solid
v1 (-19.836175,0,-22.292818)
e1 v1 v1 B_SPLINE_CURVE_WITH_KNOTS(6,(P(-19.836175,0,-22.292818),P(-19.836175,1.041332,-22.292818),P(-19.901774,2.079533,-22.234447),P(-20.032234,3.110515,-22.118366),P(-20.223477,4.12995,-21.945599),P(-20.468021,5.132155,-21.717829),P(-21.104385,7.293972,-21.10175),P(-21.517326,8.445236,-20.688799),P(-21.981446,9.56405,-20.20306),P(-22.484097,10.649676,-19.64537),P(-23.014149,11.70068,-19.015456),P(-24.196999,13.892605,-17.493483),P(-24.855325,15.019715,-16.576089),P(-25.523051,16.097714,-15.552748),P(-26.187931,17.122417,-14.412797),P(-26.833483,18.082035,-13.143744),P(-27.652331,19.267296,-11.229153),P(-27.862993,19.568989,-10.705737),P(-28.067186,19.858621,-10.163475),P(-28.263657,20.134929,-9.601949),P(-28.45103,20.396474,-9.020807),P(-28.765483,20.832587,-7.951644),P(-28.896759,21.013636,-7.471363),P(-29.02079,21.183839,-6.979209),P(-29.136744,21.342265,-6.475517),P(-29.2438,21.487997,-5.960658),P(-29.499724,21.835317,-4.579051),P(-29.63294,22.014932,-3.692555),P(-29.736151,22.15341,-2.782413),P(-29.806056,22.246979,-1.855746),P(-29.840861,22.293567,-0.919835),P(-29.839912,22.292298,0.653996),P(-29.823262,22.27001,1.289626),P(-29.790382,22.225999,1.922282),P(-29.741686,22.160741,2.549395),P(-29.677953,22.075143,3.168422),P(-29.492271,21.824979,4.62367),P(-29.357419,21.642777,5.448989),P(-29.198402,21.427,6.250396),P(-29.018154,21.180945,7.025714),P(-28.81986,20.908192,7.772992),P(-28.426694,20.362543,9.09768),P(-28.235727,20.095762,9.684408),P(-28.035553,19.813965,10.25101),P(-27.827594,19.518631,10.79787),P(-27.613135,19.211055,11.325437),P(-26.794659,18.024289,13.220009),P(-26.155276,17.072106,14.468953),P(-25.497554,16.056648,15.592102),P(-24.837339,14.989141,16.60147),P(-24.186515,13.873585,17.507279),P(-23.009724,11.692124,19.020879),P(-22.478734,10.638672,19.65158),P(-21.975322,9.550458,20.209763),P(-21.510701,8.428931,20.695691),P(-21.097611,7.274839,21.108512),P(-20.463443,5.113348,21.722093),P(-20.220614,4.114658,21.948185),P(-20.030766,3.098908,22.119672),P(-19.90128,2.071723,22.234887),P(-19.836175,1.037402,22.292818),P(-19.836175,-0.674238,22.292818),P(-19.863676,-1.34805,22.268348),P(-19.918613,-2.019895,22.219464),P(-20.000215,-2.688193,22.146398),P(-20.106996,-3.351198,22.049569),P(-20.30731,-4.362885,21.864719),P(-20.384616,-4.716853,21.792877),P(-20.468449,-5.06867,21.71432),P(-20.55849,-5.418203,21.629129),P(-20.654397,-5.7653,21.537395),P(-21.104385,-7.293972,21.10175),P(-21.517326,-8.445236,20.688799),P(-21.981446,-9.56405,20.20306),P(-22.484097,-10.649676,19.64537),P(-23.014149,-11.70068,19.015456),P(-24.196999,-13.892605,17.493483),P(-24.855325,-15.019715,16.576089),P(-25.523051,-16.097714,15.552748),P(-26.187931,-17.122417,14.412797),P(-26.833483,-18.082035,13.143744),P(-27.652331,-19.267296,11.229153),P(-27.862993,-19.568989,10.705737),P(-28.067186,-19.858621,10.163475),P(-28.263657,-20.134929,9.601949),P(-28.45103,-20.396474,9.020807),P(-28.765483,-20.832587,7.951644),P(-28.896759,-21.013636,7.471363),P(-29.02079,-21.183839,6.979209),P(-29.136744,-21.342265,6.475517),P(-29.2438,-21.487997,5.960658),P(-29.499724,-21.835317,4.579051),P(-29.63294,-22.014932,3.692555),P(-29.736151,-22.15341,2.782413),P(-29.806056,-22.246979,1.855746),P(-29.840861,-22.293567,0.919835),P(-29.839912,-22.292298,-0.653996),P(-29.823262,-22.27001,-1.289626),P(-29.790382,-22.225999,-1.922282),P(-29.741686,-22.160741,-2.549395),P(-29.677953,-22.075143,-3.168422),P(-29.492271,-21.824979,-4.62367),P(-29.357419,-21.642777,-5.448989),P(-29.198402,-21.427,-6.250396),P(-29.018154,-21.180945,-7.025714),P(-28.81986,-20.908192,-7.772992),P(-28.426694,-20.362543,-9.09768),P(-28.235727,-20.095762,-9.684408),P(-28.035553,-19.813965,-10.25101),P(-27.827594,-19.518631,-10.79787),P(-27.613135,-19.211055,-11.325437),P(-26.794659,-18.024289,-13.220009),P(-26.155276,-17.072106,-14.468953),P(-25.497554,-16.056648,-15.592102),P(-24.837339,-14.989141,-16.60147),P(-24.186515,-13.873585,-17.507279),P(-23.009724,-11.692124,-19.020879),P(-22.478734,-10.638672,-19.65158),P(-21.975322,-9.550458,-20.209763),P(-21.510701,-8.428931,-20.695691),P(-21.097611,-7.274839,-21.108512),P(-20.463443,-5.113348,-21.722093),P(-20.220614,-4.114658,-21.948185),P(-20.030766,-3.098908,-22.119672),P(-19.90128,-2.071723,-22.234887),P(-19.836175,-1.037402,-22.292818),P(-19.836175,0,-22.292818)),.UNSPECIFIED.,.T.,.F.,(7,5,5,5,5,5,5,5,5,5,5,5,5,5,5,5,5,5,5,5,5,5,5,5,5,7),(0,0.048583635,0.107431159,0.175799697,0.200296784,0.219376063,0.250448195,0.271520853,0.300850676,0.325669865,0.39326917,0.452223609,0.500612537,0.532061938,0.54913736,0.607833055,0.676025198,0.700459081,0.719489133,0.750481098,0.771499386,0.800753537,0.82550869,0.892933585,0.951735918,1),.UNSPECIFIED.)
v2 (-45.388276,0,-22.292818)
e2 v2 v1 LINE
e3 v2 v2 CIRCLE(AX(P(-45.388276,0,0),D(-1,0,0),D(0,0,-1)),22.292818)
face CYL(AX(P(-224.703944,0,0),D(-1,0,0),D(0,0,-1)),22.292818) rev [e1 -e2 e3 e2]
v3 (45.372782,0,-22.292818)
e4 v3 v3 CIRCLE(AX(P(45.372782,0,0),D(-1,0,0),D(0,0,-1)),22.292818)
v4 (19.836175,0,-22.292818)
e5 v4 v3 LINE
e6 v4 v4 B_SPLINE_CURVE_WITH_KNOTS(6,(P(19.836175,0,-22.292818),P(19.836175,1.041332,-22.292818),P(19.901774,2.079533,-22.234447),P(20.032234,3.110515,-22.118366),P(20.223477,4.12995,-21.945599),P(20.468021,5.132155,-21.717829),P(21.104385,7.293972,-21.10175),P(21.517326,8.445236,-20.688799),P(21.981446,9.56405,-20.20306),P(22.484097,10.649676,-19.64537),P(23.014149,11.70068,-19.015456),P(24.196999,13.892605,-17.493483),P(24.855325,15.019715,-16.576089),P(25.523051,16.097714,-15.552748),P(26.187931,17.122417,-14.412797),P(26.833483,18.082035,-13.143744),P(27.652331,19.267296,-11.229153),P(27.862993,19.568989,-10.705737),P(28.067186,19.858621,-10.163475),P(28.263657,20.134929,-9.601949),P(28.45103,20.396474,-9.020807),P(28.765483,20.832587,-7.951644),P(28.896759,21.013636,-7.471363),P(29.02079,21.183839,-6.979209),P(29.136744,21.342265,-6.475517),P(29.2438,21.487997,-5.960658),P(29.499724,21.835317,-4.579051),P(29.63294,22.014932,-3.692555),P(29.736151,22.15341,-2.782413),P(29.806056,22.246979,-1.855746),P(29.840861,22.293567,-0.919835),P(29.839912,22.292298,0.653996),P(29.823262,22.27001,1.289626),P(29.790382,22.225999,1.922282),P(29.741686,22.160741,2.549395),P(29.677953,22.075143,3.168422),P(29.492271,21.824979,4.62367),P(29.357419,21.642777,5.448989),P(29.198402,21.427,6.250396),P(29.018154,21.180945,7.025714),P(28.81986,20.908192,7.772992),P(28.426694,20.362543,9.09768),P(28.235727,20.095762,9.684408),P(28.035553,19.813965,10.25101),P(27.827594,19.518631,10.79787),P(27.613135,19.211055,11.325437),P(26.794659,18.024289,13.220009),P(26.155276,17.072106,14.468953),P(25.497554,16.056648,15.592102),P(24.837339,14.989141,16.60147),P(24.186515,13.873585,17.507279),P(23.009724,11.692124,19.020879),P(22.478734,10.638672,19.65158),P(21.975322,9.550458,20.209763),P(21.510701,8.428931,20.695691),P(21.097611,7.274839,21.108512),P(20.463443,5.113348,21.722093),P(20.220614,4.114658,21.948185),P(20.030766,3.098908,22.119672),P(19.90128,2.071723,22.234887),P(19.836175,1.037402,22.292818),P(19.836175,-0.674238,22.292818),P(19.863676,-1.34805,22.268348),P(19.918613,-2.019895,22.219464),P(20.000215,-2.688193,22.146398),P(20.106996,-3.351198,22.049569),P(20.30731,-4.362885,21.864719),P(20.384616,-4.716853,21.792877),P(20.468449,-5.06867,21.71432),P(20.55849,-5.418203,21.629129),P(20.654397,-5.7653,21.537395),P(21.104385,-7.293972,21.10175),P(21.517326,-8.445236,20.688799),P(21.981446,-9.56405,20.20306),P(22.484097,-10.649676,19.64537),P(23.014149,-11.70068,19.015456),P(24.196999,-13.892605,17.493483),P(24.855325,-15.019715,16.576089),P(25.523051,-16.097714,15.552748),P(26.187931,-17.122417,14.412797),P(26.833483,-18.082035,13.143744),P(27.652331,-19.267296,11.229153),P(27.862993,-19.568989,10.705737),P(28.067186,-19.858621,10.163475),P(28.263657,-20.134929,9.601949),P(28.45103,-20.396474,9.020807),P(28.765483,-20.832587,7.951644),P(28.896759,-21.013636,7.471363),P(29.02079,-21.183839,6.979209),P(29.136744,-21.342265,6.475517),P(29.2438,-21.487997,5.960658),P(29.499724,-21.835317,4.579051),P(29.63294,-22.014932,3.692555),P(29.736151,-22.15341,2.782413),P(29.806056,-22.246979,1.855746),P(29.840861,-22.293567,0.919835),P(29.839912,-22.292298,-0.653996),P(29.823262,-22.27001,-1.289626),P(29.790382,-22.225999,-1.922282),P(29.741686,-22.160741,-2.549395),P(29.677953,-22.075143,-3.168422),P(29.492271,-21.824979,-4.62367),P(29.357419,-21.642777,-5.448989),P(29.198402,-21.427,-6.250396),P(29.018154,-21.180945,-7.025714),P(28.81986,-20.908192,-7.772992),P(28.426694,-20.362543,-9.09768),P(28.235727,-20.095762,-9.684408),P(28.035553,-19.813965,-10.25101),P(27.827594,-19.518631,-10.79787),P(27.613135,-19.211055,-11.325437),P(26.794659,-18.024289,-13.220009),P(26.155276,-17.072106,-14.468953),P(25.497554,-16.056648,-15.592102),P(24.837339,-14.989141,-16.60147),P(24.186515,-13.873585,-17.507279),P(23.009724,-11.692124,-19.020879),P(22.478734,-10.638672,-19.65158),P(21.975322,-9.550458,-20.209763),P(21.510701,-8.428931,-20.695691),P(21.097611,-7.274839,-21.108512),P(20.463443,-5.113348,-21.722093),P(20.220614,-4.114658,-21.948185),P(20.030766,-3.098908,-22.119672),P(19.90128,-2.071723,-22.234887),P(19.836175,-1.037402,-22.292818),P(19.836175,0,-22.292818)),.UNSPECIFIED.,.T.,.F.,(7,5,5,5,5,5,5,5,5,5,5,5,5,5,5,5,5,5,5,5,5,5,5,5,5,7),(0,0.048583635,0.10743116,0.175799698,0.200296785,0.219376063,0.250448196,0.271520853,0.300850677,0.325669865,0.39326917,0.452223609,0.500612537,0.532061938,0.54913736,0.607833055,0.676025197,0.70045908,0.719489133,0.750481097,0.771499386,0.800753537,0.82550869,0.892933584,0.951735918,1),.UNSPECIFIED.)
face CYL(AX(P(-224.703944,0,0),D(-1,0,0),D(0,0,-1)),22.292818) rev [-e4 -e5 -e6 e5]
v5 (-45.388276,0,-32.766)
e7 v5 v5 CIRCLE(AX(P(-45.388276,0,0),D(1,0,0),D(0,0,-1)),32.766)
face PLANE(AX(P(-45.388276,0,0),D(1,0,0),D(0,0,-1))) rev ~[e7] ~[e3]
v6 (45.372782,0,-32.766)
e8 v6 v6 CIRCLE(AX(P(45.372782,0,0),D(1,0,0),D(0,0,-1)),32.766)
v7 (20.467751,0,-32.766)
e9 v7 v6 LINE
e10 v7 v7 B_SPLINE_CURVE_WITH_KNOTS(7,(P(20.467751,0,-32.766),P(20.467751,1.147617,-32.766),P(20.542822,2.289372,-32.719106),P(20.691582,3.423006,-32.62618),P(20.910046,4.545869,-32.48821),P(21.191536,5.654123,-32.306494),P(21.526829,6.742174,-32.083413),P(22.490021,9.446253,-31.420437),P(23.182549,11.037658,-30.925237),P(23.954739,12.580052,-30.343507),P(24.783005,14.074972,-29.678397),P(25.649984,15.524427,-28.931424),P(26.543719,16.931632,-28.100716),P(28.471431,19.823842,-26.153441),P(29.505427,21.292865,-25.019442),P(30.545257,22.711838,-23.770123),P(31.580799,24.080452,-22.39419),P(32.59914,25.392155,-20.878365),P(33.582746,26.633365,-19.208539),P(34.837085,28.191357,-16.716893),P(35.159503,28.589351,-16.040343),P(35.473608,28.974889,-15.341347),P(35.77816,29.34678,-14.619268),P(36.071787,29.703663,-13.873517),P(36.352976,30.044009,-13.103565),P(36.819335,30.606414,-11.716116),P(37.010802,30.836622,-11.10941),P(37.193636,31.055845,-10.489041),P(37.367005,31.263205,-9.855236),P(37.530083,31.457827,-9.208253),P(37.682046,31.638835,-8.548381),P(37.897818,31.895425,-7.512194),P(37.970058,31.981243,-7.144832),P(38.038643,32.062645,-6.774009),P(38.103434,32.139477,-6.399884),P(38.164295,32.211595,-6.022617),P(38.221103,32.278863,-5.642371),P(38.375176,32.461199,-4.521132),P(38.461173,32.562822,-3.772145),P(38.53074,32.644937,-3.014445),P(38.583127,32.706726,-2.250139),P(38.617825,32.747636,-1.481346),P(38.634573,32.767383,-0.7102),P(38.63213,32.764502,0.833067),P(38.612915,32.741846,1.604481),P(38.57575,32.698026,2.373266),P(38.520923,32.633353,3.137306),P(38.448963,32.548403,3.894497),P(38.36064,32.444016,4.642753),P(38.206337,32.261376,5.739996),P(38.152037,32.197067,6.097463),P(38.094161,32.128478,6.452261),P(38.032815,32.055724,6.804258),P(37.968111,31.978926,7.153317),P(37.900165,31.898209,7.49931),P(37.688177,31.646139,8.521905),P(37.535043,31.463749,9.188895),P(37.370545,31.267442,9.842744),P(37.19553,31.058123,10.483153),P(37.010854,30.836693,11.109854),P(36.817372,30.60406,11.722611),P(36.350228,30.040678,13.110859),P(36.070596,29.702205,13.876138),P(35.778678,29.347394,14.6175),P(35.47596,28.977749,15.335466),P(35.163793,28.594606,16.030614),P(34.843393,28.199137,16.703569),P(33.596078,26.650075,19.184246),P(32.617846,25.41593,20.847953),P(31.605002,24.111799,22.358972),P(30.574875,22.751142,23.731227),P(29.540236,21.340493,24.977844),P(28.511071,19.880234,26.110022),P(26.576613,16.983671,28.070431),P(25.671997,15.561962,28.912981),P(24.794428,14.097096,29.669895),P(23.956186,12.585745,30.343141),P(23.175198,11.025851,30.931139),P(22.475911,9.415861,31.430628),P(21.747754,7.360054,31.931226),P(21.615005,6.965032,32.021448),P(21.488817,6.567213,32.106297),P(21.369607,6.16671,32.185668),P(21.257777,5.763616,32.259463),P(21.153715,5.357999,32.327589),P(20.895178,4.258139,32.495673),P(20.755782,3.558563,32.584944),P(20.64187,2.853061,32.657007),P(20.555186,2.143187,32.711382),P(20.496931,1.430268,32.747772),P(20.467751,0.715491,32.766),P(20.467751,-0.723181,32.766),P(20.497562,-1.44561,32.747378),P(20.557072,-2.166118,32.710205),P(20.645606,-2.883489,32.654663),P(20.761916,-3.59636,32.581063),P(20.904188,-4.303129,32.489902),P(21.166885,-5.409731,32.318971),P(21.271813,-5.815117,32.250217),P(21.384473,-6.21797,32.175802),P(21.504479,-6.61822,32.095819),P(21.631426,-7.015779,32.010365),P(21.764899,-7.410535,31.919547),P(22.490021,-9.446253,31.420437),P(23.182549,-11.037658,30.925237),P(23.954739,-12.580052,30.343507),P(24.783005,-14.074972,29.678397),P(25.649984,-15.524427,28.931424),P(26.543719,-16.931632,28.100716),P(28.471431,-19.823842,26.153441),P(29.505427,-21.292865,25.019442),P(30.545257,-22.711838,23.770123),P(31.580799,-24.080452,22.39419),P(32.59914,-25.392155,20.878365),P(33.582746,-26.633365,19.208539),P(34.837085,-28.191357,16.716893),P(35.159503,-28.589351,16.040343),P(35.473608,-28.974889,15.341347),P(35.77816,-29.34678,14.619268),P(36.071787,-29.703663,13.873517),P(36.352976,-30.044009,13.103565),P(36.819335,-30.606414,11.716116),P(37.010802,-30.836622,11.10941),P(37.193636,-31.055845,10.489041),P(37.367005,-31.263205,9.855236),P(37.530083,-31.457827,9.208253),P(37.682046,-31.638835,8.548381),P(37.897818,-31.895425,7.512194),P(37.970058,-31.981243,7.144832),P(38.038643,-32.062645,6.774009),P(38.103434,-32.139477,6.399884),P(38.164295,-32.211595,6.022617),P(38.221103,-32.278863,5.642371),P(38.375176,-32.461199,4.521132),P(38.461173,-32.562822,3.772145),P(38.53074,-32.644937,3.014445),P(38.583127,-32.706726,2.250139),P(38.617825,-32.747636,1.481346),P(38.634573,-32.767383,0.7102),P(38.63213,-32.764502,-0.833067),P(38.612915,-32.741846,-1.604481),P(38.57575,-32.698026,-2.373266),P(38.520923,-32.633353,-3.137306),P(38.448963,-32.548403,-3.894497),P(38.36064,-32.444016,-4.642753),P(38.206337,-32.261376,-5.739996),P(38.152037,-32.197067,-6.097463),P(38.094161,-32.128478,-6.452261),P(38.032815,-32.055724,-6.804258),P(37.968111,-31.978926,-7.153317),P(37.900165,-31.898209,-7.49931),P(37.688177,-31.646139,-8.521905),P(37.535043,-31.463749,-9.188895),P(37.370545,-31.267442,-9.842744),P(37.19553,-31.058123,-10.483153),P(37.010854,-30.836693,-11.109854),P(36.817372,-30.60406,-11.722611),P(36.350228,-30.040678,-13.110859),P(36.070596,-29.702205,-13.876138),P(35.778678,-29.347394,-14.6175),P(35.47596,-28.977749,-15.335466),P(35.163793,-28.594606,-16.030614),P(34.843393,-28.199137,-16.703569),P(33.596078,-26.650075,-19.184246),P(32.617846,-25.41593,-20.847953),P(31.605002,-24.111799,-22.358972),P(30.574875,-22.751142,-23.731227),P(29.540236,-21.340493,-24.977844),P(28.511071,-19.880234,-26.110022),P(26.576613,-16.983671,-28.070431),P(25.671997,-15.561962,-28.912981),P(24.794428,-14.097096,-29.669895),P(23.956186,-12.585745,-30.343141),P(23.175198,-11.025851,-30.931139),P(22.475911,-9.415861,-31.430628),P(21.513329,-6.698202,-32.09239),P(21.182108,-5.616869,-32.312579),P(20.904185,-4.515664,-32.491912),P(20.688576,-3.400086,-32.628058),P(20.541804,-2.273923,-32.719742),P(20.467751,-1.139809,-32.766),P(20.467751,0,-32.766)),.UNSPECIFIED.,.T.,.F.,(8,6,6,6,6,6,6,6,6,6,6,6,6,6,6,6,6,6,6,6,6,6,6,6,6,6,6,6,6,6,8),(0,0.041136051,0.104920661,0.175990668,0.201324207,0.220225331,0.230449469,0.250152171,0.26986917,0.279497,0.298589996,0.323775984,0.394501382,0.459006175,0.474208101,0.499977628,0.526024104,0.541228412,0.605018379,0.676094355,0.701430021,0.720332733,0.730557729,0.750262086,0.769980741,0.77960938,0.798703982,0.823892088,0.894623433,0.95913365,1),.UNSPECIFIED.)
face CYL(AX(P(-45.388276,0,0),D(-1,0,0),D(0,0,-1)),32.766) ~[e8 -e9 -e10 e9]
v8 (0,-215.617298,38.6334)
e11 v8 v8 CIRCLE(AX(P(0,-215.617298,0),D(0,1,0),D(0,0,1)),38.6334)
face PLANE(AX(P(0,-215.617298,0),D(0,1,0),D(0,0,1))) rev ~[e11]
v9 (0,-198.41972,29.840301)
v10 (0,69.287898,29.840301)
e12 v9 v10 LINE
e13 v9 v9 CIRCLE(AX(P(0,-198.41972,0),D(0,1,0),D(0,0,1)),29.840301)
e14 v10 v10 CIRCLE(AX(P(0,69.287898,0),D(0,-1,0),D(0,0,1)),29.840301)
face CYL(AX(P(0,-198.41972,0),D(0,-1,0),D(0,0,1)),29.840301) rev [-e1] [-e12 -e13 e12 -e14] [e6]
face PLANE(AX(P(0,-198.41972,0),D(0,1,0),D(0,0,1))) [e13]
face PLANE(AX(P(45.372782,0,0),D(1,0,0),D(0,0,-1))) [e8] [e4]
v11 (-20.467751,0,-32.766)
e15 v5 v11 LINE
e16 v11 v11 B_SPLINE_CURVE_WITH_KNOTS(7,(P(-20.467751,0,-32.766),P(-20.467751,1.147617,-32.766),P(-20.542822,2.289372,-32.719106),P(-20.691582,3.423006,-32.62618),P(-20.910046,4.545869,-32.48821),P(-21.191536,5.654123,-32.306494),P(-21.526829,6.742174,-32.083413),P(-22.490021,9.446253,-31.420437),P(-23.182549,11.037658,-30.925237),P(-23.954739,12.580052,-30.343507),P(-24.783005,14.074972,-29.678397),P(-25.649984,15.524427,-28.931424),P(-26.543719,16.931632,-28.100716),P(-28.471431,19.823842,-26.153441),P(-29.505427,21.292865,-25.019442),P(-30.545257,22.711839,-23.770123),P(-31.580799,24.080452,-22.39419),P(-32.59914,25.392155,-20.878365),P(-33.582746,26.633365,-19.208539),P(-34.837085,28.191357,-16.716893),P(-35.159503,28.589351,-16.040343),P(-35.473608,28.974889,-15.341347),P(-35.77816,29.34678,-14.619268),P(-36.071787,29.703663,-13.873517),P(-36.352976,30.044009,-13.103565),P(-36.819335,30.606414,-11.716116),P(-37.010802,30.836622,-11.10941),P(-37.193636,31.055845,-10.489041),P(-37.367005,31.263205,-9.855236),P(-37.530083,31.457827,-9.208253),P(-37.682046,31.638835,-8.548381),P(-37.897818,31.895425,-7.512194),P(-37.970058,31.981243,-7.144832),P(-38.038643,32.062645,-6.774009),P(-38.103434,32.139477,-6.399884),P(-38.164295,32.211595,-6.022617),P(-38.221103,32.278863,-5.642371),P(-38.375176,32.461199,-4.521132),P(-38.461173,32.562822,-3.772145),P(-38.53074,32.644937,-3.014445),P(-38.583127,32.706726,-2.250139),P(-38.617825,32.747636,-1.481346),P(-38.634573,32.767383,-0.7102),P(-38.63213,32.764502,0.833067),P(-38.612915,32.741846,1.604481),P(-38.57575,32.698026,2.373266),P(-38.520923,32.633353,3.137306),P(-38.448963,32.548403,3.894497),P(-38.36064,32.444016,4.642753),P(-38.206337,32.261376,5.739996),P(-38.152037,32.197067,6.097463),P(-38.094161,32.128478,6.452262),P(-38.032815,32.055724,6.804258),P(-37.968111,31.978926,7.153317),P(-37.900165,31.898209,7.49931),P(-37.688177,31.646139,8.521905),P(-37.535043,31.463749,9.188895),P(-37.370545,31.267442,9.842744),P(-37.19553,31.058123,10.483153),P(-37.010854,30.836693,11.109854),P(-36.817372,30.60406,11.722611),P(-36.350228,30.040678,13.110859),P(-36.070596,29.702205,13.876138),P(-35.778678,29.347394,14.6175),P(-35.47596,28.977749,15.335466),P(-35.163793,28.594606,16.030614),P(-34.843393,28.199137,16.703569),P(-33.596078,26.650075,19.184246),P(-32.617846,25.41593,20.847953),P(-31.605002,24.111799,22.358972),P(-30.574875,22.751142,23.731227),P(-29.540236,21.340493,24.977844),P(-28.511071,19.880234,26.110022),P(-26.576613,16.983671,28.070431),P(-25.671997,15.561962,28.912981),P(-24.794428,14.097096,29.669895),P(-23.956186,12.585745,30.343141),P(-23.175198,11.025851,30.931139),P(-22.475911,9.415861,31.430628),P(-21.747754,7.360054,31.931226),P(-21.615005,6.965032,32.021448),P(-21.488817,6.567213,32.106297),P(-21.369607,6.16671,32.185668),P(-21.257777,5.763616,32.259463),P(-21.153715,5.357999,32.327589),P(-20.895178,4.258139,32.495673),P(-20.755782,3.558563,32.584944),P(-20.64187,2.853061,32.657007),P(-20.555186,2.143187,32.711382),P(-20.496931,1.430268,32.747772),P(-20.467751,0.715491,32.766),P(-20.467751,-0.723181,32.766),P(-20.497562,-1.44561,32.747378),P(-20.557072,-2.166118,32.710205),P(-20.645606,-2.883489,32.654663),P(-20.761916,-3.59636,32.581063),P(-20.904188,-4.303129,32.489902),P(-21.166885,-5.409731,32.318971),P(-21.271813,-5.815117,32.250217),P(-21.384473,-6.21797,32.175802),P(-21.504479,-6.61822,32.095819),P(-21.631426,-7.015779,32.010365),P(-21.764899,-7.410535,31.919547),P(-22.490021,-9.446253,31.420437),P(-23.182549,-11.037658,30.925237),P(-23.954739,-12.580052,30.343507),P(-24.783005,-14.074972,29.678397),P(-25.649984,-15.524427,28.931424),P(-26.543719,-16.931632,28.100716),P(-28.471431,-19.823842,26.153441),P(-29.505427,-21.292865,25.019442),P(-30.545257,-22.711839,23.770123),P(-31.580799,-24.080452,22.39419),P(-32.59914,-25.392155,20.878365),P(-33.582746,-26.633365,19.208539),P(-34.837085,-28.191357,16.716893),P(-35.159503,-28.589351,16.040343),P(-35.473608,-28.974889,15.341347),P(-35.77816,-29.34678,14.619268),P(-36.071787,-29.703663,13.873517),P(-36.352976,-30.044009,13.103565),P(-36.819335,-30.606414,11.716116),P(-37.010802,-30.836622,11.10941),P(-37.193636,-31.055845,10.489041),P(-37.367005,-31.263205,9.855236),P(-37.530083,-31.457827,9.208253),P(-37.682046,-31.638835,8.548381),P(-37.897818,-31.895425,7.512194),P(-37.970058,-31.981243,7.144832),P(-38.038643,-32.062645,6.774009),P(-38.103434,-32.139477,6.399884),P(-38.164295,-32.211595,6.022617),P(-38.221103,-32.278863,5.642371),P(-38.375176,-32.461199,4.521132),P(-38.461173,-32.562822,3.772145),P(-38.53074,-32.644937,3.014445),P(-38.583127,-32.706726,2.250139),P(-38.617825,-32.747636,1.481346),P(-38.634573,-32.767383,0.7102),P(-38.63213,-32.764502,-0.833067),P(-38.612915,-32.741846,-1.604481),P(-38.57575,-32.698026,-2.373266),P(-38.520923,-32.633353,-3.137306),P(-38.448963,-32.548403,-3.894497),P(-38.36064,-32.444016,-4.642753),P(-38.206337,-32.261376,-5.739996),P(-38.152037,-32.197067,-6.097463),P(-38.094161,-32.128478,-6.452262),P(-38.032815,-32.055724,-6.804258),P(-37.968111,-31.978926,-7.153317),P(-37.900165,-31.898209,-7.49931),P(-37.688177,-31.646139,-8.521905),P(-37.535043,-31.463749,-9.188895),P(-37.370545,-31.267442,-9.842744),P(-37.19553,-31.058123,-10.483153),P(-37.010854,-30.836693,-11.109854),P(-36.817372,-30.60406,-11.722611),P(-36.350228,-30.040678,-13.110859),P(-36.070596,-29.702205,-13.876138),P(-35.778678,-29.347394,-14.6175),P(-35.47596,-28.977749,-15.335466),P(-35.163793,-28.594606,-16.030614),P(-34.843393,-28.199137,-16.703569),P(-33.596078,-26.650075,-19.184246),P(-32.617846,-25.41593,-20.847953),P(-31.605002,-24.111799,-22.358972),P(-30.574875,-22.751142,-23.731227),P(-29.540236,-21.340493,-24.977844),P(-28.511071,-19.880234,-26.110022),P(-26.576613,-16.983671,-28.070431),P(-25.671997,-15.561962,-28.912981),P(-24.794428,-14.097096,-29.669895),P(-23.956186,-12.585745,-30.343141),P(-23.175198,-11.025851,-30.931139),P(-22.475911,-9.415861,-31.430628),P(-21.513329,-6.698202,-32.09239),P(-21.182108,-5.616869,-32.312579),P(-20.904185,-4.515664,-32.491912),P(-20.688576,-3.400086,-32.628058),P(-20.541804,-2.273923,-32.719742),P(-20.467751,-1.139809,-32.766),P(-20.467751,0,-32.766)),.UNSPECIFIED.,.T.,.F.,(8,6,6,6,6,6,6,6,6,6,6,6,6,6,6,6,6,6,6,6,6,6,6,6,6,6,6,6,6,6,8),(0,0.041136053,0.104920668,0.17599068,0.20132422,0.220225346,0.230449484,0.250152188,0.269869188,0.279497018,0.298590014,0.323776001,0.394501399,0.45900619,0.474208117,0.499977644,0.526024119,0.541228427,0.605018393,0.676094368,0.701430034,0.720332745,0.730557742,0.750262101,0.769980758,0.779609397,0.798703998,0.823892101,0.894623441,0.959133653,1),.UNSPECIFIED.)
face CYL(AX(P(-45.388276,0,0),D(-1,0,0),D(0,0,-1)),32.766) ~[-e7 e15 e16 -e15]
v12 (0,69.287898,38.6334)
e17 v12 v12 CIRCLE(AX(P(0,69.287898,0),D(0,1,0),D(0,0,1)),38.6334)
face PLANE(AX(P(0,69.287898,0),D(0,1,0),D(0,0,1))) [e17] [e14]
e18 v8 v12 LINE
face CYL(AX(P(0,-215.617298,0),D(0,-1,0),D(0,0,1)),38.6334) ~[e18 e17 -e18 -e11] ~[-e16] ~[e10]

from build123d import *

# Parameters (mm, degrees)
BOSS_EXTRUDE1_DEPTH      = 45.372782
BOSS_EXTRUDE1_DEPTH_BACK = 45.388276
SKETCH1_R                = 32.766
BOSS_EXTRUDE2_DEPTH      = 69.287898
BOSS_EXTRUDE2_DEPTH_BACK = 215.617298
SKETCH2_R                = 38.6334
CUT_EXTRUDE1_DEPTH       = 224.703943753
CUT_EXTRUDE1_DEPTH_BACK  = 224.703943753
SKETCH3_R                = 22.292818
CUT_EXTRUDE2_DEPTH       = 224.703943753
CUT_EXTRUDE2_DEPTH_BACK  = 198.41972
SKETCH4_R                = 29.840301


with BuildPart() as part:
    # Sketch1 → Boss-Extrude1 (new, two sides: drawn at the far end of the back side and taken through both)
    with BuildSketch(Plane(origin=(0, 0, 0), x_dir=(0, 0, -1), z_dir=(1, 0, 0)).offset(-BOSS_EXTRUDE1_DEPTH_BACK)):
        Circle(SKETCH1_R)
    extrude(amount=BOSS_EXTRUDE1_DEPTH + BOSS_EXTRUDE1_DEPTH_BACK)

    # Sketch2 → Boss-Extrude2 (add, two sides: drawn at the far end of the back side and taken through both)
    with BuildSketch(Plane(origin=(0, 0, 0), x_dir=(1, 0, 0), z_dir=(0, 1, 0)).offset(-BOSS_EXTRUDE2_DEPTH_BACK)):
        with Locations(Location((0, 0, 0), (0, 0, 270))):
            Circle(SKETCH2_R)
    extrude(amount=BOSS_EXTRUDE2_DEPTH + BOSS_EXTRUDE2_DEPTH_BACK)

    # Sketch3 → Cut-Extrude1 (cut, two sides: drawn at the far end of the back side and taken through both)
    with BuildSketch(Plane(origin=(0, 0, 0), x_dir=(0, 0, -1), z_dir=(1, 0, 0)).offset(-CUT_EXTRUDE1_DEPTH_BACK)):
        Circle(SKETCH3_R)
    extrude(amount=CUT_EXTRUDE1_DEPTH + CUT_EXTRUDE1_DEPTH_BACK, mode=Mode.SUBTRACT)

    # Sketch4 → Cut-Extrude2 (cut, two sides: drawn at the far end of the back side and taken through both)
    with BuildSketch(Plane(origin=(0, 0, 0), x_dir=(1, 0, 0), z_dir=(0, 1, 0)).offset(-CUT_EXTRUDE2_DEPTH_BACK)):
        with Locations(Location((0, 0, 0), (0, 0, 270))):
            Circle(SKETCH4_R)
    extrude(amount=CUT_EXTRUDE2_DEPTH + CUT_EXTRUDE2_DEPTH_BACK, mode=Mode.SUBTRACT)


solid = part.part
